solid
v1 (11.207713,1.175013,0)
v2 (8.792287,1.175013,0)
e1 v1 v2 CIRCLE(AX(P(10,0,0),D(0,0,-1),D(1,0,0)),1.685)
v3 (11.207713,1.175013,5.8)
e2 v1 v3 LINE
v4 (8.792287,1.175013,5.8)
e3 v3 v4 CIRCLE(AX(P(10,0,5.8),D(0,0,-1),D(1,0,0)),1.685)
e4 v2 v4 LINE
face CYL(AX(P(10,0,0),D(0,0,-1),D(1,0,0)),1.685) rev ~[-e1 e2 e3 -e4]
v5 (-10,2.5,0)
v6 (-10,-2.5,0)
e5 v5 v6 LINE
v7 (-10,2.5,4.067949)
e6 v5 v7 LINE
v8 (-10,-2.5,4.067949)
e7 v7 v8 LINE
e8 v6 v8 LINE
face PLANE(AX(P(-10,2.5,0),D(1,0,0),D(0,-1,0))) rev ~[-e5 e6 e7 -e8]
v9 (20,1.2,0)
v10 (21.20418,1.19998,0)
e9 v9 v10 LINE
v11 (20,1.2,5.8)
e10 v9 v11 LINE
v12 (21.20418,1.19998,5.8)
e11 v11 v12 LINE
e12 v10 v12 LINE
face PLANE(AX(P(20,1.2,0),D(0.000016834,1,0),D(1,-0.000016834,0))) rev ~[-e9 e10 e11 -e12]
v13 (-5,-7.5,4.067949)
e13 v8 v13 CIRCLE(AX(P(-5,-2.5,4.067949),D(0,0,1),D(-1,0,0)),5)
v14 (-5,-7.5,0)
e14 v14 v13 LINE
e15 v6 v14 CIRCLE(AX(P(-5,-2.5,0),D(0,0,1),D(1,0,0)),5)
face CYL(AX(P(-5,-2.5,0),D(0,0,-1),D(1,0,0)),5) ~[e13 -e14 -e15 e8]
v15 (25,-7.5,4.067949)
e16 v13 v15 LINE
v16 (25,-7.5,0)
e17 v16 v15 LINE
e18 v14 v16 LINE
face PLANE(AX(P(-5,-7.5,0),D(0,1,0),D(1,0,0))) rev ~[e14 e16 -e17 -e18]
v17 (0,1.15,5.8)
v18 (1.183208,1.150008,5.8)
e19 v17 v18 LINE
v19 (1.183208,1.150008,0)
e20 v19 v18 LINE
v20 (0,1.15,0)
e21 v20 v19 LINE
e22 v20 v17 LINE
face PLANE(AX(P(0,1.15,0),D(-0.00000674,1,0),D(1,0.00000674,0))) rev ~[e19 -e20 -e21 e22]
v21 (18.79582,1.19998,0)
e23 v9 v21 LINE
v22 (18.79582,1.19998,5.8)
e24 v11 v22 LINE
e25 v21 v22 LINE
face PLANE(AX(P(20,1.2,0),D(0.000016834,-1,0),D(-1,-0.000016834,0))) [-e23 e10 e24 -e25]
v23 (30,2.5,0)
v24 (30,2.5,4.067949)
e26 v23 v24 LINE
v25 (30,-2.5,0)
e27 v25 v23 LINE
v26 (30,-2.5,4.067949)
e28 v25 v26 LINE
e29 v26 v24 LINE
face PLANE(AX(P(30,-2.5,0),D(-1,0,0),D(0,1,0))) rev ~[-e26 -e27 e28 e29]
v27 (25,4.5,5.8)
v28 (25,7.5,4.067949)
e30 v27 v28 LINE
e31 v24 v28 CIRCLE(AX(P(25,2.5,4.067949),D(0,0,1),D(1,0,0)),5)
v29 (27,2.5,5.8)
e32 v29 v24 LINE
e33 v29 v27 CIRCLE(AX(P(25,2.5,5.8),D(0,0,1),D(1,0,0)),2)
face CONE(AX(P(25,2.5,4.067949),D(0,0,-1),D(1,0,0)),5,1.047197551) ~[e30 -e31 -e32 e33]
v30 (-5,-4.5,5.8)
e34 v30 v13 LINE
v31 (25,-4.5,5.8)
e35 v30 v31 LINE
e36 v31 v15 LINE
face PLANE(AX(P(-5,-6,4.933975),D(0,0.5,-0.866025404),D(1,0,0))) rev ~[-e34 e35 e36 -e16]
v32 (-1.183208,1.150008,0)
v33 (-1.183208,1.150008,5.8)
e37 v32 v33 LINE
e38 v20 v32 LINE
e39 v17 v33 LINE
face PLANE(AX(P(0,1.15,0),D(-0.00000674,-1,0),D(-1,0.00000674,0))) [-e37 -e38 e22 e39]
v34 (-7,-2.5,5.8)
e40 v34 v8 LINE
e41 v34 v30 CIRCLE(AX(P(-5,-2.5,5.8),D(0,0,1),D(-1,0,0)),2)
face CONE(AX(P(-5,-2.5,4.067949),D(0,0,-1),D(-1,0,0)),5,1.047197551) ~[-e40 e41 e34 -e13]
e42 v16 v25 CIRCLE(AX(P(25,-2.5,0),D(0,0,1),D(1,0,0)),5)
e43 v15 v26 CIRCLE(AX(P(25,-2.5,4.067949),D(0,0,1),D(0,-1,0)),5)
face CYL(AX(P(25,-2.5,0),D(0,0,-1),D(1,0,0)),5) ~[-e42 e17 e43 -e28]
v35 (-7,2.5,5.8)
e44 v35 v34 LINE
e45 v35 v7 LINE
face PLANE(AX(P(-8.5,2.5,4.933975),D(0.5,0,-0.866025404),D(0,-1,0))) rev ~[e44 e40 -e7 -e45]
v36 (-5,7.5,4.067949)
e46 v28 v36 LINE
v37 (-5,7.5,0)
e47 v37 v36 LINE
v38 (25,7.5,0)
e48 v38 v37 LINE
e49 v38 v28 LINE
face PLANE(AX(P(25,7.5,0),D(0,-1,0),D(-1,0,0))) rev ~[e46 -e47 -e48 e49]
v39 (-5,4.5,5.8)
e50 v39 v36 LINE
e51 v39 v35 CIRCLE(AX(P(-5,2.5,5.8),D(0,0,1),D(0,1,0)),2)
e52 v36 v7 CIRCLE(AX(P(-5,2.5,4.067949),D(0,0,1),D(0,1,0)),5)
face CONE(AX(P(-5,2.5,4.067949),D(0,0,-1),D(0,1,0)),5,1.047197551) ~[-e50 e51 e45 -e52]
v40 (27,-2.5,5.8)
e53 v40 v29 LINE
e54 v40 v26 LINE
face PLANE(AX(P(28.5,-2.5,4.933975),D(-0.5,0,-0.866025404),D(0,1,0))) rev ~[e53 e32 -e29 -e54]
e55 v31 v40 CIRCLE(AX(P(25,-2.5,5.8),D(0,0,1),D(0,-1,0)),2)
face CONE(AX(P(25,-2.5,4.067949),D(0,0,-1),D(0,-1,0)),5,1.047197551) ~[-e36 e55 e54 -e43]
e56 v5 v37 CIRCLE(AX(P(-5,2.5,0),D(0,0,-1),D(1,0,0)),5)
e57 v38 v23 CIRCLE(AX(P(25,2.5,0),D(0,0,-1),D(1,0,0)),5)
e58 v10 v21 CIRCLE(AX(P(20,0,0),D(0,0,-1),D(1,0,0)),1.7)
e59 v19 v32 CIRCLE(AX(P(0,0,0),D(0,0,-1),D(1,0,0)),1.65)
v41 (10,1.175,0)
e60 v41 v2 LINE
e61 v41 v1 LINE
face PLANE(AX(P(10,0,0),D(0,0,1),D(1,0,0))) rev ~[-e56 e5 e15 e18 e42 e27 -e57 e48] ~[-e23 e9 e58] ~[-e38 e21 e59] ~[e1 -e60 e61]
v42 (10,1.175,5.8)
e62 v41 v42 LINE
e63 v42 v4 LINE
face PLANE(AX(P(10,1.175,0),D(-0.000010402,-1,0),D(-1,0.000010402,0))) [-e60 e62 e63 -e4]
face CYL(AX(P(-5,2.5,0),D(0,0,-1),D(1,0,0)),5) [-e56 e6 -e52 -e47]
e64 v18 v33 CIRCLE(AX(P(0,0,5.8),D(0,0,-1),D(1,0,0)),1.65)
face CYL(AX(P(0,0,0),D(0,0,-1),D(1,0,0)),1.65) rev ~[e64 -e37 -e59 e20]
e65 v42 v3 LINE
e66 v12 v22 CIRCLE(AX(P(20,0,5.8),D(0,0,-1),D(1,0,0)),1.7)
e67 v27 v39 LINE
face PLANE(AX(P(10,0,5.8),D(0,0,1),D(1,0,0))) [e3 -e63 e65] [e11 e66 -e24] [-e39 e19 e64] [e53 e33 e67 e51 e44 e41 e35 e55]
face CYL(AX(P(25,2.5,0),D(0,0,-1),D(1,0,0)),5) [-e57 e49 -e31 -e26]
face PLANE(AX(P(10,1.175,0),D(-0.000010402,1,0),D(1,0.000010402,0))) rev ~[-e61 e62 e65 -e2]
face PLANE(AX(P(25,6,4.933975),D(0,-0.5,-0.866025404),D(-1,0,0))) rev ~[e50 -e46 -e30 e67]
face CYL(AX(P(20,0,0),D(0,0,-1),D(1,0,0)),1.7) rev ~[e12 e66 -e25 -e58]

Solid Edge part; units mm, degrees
sketch "Sketch1" plane through (0, 0, 0) normal (0, 0, 1) x (1, 0, 0)
  line L0 (-5, -7.5) -> (25, -7.5)
  arc A0 (25, -7.5) -> (30, -2.5) centre (25, -2.5) ccw
  line L1 (30, -2.5) -> (30, 2.5)
  arc A1 (25, 7.5) -> (30, 2.5) centre (25, 2.5) cw
  line L2 (25, 7.5) -> (-5, 7.5)
  arc A2 (-10, 2.5) -> (-5, 7.5) centre (-5, 2.5) cw
  line L3 (-10, 2.5) -> (-10, -2.5)
  arc A3 (-10, -2.5) -> (-5, -7.5) centre (-5, -2.5) ccw
  arc A4 (1.1832, 1.15) -> (-1.1832, 1.15) centre (0, 0) cw
  line L4 (0, 1.15) -> (-1.1832, 1.15)
  line L5 (0, 1.15) -> (1.1832, 1.15)
  arc A5 (11.2077, 1.175) -> (8.7923, 1.175) centre (10, 0) cw
  line L6 (10, 1.175) -> (8.7923, 1.175)
  line L7 (10, 1.175) -> (11.2077, 1.175)
  arc A6 (21.2042, 1.2) -> (18.7958, 1.2) centre (20, 0) cw
  line L8 (20, 1.2) -> (18.7958, 1.2)
  line L9 (20, 1.2) -> (21.2042, 1.2)
extrude "Protrusion1" add sketch "Sketch1" along normal blind 5.8
chamfer "Chamfer_top" distance 3 angle 30 8 edges at (28.5355, -6.0355, 5.8) (30, 0, 5.8) (28.5355, 6.0355, 5.8) (10, 7.5, 5.8) (-8.5355, 6.0355, 5.8) (-10, 0, 5.8) (-8.5355, -6.0355, 5.8) (10, -7.5, 5.8) measured on face at (-3.7333, -4.85, 5.8)
